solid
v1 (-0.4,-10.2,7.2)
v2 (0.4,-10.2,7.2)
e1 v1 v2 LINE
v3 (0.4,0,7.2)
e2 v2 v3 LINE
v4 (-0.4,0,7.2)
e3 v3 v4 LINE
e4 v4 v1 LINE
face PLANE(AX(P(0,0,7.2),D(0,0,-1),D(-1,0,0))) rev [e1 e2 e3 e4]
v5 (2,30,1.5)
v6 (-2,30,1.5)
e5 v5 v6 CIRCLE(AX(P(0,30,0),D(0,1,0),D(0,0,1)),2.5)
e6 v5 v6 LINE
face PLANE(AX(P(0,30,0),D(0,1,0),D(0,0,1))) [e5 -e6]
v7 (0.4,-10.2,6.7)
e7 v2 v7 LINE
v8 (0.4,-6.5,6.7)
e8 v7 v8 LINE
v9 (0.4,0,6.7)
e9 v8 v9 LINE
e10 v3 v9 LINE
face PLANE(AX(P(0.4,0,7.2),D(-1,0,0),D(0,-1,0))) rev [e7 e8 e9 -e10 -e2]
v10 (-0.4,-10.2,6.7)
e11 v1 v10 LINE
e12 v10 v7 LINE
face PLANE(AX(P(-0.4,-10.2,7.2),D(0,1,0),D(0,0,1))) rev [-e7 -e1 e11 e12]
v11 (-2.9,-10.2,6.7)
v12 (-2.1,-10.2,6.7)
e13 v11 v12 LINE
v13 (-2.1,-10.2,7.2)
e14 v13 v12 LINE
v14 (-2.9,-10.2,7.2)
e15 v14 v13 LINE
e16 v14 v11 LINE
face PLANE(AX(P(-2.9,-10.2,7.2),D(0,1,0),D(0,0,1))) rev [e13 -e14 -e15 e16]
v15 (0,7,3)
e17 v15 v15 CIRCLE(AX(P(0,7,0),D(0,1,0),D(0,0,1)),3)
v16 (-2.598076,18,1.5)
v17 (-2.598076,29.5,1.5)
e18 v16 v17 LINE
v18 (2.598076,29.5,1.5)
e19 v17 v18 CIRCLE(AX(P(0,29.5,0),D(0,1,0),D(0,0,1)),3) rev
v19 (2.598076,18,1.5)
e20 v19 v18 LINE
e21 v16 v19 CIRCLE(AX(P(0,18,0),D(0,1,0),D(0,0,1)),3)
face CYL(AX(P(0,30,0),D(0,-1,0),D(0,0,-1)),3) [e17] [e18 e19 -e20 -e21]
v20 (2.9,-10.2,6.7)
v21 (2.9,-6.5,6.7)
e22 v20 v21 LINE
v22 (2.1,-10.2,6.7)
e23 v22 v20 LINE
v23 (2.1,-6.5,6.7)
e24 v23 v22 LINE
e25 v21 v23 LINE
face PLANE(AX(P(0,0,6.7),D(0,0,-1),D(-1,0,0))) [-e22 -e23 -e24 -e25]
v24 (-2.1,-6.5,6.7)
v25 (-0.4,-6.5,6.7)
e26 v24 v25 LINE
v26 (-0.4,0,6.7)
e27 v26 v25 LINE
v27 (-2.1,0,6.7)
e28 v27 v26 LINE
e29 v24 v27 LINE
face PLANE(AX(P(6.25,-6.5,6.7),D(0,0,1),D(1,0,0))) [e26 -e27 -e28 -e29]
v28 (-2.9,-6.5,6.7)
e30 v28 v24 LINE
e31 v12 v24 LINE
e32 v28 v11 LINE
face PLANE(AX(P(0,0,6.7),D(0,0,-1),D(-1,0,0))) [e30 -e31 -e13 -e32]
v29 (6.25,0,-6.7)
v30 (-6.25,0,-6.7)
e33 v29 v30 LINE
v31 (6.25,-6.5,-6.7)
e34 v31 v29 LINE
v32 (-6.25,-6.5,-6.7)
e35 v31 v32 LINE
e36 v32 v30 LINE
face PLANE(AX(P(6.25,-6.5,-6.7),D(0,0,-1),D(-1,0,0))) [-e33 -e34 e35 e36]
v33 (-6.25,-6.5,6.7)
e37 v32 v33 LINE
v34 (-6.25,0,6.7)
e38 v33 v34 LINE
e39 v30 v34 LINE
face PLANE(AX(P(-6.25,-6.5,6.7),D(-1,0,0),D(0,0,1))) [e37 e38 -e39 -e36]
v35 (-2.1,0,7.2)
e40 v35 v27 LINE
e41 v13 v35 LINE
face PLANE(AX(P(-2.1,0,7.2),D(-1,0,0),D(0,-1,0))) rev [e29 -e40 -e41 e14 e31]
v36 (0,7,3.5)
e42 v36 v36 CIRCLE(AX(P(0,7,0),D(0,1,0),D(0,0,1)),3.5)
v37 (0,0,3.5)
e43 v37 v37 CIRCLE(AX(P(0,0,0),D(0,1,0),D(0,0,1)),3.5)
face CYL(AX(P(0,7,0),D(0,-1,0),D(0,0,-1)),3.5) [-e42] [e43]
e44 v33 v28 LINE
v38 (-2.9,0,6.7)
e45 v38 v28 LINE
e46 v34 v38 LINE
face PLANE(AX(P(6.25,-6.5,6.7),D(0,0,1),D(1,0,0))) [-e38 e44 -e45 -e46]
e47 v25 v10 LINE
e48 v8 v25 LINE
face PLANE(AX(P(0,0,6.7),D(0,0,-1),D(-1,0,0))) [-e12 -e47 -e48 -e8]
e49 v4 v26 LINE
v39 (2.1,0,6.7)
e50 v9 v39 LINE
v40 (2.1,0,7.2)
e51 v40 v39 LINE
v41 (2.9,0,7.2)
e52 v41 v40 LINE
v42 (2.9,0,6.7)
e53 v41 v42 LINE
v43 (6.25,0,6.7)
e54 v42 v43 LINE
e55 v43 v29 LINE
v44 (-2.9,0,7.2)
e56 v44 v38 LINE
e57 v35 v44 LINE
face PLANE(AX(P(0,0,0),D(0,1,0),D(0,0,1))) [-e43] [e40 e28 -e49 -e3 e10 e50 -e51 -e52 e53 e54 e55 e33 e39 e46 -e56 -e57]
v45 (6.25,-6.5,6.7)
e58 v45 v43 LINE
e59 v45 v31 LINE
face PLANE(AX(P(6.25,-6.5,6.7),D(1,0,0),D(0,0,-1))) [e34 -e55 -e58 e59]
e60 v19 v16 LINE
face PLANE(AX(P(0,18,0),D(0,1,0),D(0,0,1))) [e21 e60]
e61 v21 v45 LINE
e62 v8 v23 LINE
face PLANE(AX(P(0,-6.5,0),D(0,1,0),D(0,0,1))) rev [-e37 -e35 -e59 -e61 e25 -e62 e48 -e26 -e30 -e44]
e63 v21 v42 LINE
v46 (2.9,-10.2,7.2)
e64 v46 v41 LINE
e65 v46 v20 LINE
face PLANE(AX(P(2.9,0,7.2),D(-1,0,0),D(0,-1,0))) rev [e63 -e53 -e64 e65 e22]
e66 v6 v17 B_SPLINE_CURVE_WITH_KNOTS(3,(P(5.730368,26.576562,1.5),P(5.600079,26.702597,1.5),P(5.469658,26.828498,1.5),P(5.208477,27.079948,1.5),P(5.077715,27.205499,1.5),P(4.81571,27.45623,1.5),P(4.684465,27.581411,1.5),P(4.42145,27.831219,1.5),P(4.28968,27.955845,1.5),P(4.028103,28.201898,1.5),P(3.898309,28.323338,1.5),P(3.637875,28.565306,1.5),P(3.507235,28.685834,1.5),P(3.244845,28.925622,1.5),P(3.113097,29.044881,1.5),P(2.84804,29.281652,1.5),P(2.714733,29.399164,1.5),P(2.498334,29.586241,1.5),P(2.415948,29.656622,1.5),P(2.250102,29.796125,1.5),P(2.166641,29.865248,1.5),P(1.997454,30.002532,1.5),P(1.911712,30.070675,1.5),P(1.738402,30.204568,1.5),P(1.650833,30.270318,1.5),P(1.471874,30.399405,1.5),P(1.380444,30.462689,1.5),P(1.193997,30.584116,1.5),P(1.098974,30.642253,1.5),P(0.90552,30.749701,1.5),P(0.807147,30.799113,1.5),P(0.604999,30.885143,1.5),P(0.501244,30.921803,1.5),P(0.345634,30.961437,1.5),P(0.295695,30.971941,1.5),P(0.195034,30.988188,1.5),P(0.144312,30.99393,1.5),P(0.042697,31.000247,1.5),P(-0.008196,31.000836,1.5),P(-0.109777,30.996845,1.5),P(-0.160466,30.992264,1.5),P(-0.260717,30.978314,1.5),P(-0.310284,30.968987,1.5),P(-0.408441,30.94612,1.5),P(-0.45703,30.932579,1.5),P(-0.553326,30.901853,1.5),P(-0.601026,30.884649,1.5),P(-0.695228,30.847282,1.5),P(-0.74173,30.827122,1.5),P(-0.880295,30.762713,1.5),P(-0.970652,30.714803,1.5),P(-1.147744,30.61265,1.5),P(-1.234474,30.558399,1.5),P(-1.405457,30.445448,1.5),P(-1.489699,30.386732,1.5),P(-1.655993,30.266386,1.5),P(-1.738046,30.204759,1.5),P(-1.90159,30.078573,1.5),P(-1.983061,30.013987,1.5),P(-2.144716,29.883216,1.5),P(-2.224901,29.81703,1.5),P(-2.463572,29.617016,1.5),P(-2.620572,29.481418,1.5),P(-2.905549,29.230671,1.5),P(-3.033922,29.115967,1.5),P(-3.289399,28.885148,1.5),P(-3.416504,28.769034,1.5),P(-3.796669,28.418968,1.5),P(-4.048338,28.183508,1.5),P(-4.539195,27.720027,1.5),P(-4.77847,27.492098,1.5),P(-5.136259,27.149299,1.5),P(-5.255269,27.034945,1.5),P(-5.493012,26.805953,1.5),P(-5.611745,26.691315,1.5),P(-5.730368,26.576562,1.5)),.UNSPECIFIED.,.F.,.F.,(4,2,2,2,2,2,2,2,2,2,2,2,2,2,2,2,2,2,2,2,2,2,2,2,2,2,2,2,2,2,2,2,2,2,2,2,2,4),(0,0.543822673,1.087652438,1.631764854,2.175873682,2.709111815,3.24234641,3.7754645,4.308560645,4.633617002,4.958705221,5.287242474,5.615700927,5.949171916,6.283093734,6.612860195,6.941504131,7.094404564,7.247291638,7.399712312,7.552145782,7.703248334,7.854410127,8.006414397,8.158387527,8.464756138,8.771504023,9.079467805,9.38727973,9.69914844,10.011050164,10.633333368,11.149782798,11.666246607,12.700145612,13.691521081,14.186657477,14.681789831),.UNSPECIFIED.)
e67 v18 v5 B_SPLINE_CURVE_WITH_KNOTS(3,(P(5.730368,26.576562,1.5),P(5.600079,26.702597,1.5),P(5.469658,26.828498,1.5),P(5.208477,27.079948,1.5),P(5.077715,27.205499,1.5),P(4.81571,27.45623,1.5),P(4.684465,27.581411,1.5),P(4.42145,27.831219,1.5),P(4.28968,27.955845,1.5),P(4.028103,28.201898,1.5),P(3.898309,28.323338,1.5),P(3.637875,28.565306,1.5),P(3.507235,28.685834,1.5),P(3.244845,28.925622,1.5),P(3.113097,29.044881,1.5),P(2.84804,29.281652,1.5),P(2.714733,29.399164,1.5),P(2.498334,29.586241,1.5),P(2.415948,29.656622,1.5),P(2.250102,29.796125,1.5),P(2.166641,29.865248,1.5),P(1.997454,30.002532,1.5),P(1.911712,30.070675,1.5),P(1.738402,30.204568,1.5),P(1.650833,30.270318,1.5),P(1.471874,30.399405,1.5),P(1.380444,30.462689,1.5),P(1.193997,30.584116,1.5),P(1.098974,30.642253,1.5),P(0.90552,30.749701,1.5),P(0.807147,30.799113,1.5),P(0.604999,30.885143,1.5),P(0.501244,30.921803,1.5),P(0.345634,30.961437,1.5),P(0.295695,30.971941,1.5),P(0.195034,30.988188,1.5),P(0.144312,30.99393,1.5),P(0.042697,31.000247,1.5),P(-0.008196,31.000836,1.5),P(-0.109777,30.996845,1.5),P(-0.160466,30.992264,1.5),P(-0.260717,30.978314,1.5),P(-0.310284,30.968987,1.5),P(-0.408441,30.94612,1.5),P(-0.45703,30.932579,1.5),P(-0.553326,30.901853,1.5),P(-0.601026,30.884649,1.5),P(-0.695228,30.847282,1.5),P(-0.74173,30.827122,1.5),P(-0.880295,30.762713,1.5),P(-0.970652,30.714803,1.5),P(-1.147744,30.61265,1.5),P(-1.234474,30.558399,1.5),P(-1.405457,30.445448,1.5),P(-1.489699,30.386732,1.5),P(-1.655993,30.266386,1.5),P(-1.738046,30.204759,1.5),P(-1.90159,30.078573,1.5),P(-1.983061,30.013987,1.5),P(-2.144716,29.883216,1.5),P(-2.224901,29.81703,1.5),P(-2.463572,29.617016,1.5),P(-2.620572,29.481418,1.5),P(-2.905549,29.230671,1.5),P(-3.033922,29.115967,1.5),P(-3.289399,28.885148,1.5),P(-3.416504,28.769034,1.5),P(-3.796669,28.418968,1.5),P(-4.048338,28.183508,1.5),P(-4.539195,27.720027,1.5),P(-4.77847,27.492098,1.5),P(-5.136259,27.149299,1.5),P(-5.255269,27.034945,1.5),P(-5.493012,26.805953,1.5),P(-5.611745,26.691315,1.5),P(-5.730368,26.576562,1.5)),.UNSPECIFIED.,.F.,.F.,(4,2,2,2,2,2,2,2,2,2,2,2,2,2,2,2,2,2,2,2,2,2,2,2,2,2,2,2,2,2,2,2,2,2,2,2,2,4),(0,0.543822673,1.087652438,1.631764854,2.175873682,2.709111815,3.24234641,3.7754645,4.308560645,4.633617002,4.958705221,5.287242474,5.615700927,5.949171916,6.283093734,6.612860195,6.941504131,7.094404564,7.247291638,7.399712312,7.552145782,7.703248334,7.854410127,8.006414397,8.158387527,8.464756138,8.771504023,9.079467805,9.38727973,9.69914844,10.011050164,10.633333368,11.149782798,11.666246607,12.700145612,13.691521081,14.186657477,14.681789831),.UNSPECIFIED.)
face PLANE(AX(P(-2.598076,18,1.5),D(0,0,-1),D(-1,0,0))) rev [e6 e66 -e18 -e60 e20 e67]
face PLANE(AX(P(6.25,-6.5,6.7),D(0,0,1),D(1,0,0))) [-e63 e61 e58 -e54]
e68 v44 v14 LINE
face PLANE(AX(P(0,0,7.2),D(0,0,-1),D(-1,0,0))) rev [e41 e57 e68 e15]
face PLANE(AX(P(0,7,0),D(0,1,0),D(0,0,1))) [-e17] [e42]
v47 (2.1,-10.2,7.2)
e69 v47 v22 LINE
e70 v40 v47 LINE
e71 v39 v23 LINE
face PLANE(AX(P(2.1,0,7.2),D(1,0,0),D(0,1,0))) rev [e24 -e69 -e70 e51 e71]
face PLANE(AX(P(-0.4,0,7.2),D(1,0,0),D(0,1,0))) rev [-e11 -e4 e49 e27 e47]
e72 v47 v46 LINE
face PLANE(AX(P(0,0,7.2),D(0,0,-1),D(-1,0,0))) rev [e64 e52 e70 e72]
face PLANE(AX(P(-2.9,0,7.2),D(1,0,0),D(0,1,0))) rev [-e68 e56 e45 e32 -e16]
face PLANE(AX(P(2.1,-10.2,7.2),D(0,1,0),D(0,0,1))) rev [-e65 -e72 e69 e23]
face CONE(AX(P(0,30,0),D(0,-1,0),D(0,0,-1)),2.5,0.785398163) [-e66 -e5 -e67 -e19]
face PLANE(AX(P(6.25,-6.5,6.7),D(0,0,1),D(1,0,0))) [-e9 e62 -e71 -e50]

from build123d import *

# Parameters (mm, degrees)
SKETCH1_W           = 12.5
SKETCH1_H           = 13.4
BOSS_EXTRUDE1_DEPTH = 6.5
SKETCH2_R           = 3.5
BOSS_EXTRUDE2_DEPTH = 7
SKETCH3_R           = 3
BOSS_EXTRUDE3_DEPTH = 23
CHAMFER1_SIZE       = 0.5
CUT_EXTRUDE1_DEPTH  = 12
SKETCH5_W           = 0.8
SKETCH5_H           = 10.2
BOSS_EXTRUDE4_DEPTH = 0.5


with BuildPart() as part:
    # Sketch1 → Boss-Extrude1 (new body)
    with BuildSketch(Plane(origin=(0, 0, 0), x_dir=(1, 0, 0), z_dir=(0, 1, 0))):
        Rectangle(SKETCH1_W, SKETCH1_H)
    extrude(amount=-BOSS_EXTRUDE1_DEPTH)

    # Sketch2 → Boss-Extrude2 (add)
    with BuildSketch(Plane(origin=(0, 0, 0), x_dir=(1, 0, 0), z_dir=(0, 1, 0))):
        Circle(SKETCH2_R)
    extrude(amount=BOSS_EXTRUDE2_DEPTH)

    # Sketch3 → Boss-Extrude3 (add)
    with BuildSketch(Plane(origin=(0, 7, 0), x_dir=(1, 0, 0), z_dir=(0, 1, 0))):
        Circle(SKETCH3_R)
    extrude(amount=BOSS_EXTRUDE3_DEPTH)

    # Chamfer1
    chamfer1_edges = [part.edges().sort_by_distance(p)[0] for p in [
        (-3, 30, 0),
    ]]
    chamfer(chamfer1_edges, length=CHAMFER1_SIZE)

    # Sketch4 → Cut-Extrude1 (cut)
    with BuildSketch(Plane(origin=(0, 30, 0), x_dir=(1, 0, 0), z_dir=(0, 1, 0))):
        with BuildLine():
            Line((-2.598076211, -1.5), (2.598076211, -1.5))
            ThreePointArc((2.598076211, -1.5), (0, -3), (-2.598076211, -1.5))
        make_face()
    extrude(amount=-CUT_EXTRUDE1_DEPTH, mode=Mode.SUBTRACT)

    # Sketch5 → Boss-Extrude4 (add)
    with BuildSketch(Plane.XY.offset(6.7)):
        with Locations((-2.5, -5.1)):
            Rectangle(SKETCH5_W, SKETCH5_H)
        with Locations((0, -5.1)):
            Rectangle(SKETCH5_W, SKETCH5_H)
        with Locations((2.5, -5.1)):
            Rectangle(SKETCH5_W, SKETCH5_H)
    extrude(amount=BOSS_EXTRUDE4_DEPTH)


solid = part.part
